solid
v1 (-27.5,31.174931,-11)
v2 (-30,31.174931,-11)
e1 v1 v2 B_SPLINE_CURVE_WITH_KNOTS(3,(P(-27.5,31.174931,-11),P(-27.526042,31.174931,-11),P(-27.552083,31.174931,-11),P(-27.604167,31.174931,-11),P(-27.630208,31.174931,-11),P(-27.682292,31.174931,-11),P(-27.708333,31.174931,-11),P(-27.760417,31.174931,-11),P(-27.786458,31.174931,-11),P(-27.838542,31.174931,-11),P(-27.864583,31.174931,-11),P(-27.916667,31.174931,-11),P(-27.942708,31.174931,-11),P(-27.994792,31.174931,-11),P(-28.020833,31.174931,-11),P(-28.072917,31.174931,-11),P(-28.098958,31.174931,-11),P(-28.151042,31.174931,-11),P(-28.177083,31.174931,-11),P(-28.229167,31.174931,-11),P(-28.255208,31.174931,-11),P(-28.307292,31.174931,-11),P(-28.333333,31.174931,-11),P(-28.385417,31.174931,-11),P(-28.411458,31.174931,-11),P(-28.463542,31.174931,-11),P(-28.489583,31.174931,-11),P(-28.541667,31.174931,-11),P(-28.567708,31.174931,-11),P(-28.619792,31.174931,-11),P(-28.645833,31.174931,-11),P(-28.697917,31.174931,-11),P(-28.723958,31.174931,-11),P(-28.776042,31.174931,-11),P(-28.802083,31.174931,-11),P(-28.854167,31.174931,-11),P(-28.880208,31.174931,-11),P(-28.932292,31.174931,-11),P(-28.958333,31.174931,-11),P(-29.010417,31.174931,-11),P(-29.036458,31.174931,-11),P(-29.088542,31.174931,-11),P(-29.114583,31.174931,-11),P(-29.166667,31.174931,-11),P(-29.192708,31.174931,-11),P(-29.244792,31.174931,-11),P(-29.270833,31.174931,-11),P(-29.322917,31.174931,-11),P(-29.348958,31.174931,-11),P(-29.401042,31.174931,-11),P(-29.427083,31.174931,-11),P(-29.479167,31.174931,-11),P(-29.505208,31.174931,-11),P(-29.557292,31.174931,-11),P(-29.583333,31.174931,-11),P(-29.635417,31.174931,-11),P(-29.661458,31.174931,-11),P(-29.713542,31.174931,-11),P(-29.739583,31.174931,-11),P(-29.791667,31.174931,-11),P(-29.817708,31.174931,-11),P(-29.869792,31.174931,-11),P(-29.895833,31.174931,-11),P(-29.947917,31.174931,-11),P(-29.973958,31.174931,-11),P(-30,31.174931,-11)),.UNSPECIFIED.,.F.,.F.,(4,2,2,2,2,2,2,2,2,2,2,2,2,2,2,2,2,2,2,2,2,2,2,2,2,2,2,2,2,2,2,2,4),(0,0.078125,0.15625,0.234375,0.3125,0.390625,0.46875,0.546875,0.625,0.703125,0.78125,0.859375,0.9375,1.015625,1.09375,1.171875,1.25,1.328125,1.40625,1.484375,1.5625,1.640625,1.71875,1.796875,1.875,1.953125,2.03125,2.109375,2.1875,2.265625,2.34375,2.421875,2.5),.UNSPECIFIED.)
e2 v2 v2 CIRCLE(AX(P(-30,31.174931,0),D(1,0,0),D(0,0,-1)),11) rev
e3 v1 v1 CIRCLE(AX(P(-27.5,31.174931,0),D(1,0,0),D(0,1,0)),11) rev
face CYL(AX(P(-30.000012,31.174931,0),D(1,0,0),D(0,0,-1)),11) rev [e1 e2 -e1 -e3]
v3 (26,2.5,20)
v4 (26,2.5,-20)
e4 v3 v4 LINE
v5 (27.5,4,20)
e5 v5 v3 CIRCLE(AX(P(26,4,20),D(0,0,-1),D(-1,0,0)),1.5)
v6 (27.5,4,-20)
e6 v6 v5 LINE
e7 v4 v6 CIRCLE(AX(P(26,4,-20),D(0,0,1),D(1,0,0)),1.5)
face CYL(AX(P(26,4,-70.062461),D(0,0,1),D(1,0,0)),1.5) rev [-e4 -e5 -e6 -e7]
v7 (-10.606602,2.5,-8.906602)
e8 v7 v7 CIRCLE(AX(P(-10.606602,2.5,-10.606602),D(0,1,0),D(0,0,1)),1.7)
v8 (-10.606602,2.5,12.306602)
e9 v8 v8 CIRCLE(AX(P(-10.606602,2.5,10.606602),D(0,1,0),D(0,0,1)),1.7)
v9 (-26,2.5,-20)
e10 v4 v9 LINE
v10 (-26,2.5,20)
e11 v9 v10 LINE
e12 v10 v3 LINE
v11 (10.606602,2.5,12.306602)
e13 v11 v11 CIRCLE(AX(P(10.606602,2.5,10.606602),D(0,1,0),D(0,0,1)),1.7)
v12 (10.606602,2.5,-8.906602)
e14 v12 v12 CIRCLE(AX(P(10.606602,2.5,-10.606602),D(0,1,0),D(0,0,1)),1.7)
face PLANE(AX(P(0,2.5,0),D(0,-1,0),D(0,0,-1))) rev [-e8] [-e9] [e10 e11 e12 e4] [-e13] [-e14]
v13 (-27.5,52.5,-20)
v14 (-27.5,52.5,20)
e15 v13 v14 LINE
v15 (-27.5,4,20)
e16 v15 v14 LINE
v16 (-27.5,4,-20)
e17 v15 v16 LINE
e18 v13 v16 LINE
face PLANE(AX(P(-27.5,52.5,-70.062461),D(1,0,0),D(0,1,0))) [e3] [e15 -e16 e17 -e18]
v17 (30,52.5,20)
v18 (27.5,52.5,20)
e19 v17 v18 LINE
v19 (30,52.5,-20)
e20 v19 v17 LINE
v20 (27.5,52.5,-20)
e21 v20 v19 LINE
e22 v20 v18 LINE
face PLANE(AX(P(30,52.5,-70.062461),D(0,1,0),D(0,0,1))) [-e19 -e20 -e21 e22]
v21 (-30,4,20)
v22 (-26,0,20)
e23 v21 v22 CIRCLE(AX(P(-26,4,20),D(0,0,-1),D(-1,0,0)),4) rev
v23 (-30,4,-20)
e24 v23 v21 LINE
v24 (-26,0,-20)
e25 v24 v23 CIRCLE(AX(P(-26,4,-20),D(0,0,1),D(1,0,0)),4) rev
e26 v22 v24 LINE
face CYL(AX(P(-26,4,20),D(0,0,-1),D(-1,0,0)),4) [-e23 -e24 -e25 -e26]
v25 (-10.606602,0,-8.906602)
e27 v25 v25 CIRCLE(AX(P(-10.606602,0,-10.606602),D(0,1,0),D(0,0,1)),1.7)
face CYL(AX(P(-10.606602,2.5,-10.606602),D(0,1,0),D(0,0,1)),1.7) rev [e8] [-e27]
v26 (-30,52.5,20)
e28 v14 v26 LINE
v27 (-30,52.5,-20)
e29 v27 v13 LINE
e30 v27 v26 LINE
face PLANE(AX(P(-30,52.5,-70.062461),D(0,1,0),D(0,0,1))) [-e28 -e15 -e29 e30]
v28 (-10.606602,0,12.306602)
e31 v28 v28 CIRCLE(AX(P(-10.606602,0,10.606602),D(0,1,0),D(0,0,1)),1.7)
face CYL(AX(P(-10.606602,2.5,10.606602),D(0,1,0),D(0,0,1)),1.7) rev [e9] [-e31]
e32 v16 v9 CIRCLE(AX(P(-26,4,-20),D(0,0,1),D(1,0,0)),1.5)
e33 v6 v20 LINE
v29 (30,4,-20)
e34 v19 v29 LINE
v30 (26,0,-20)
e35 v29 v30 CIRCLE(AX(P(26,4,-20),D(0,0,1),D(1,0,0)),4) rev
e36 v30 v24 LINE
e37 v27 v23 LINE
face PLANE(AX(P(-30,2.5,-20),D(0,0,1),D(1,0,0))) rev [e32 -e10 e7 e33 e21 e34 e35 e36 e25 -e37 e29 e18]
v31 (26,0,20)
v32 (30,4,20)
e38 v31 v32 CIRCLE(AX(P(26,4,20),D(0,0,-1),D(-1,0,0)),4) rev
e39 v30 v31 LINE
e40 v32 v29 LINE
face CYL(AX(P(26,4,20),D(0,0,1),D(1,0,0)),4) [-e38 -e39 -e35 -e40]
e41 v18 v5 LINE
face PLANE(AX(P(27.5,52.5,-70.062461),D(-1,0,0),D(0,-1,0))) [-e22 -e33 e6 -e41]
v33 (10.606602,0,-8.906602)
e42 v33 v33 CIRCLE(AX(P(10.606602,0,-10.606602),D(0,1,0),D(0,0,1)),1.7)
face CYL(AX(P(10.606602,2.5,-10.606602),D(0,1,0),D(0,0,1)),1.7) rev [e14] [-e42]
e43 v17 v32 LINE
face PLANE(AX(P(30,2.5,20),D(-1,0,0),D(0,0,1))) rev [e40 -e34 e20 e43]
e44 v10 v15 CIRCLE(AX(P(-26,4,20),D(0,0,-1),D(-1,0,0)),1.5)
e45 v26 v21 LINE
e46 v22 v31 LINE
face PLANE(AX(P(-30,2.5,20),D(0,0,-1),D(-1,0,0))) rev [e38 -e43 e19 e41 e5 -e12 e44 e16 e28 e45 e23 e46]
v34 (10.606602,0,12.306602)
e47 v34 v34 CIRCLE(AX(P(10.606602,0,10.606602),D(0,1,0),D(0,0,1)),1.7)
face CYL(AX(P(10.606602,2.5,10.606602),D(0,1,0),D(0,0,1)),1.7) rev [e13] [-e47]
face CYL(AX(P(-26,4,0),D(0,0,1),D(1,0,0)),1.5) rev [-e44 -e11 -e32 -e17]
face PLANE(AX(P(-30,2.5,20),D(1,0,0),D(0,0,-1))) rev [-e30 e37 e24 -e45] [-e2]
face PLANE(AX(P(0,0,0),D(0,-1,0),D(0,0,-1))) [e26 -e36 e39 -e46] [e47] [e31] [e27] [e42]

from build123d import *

# Parameters (mm, degrees)
SKETCH1_W                      = 60
SKETCH1_H                      = 40
BOSS_EXTRUDE1_DEPTH            = 2.5
M3_CLEARANCE_HOLE1_D           = 3.4
SKETCH4_W                      = 2.5
SKETCH4_H                      = 50
BOSS_EXTRUDE2_DEPTH            = 40
FILLET1_R                      = 4
FILLET2_R                      = 1.5
CUT_EXTRUDE1_REACH             = 84.196
SKETCH6_R                      = 11
CUT_EXTRUDE1_DIRECTION_2_DEPTH = 83.196411114


with BuildPart() as part:
    # Sketch1 → Boss-Extrude1 (new body)
    with BuildSketch(Plane(origin=(0, 0, 0), x_dir=(1, 0, 0), z_dir=(0, 1, 0))):
        Rectangle(SKETCH1_W, SKETCH1_H)
    extrude(amount=BOSS_EXTRUDE1_DEPTH)

    # M3 Clearance Hole1 (through all)
    with Locations(Plane(origin=(0, 2.5, 0), x_dir=(1, 0, 0), z_dir=(0, 1, 0))):
        with Locations((-10.606601718, 10.606601718), (10.606601718, 10.606601718), (10.606601718, -10.606601718), (-10.606601718, -10.606601718)):
            Hole(M3_CLEARANCE_HOLE1_D / 2)

    # Sketch4 → Boss-Extrude2 (add)
    with BuildSketch(Plane.XY.offset(20)):
        with Locations((-28.75, 27.5)):
            Rectangle(SKETCH4_W, SKETCH4_H)
        with Locations((28.75, 27.5)):
            Rectangle(SKETCH4_W, SKETCH4_H)
    extrude(amount=-BOSS_EXTRUDE2_DEPTH)

    # Fillet1
    fillet1_edges = [part.edges().sort_by_distance(p)[0] for p in [
        (-30, 0, 0),
        (30, 0, 0),
    ]]
    fillet(fillet1_edges, radius=FILLET1_R)

    # Fillet2
    fillet2_edges = [part.edges().sort_by_distance(p)[0] for p in [
        (-27.5, 2.5, 0),
        (27.5, 2.5, 0),
    ]]
    fillet(fillet2_edges, radius=FILLET2_R)

    # Sketch6 → Cut-Extrude1 (cut, up to next)
    with BuildSketch(Plane.ZY.offset(30), mode=Mode.PRIVATE) as cut_extrude1_sk1:
        with Locations(Location((0, 31.17493075, 0), (0, 0, 180))):
            Circle(SKETCH6_R)
    cut_extrude1_tool1 = extrude(cut_extrude1_sk1.sketch, amount=-CUT_EXTRUDE1_REACH, mode=Mode.PRIVATE) & part.part
    add(cut_extrude1_tool1.solids().sort_by_distance((-30, 31.174931, 0))[0], mode=Mode.SUBTRACT)

    # Sketch6 → Cut-Extrude1 direction 2 (cut)
    with BuildSketch(Plane.ZY.offset(30)):
        with Locations(Location((0, 31.17493075, 0), (0, 0, 180))):
            Circle(SKETCH6_R)
    extrude(amount=CUT_EXTRUDE1_DIRECTION_2_DEPTH, mode=Mode.SUBTRACT)


solid = part.part
